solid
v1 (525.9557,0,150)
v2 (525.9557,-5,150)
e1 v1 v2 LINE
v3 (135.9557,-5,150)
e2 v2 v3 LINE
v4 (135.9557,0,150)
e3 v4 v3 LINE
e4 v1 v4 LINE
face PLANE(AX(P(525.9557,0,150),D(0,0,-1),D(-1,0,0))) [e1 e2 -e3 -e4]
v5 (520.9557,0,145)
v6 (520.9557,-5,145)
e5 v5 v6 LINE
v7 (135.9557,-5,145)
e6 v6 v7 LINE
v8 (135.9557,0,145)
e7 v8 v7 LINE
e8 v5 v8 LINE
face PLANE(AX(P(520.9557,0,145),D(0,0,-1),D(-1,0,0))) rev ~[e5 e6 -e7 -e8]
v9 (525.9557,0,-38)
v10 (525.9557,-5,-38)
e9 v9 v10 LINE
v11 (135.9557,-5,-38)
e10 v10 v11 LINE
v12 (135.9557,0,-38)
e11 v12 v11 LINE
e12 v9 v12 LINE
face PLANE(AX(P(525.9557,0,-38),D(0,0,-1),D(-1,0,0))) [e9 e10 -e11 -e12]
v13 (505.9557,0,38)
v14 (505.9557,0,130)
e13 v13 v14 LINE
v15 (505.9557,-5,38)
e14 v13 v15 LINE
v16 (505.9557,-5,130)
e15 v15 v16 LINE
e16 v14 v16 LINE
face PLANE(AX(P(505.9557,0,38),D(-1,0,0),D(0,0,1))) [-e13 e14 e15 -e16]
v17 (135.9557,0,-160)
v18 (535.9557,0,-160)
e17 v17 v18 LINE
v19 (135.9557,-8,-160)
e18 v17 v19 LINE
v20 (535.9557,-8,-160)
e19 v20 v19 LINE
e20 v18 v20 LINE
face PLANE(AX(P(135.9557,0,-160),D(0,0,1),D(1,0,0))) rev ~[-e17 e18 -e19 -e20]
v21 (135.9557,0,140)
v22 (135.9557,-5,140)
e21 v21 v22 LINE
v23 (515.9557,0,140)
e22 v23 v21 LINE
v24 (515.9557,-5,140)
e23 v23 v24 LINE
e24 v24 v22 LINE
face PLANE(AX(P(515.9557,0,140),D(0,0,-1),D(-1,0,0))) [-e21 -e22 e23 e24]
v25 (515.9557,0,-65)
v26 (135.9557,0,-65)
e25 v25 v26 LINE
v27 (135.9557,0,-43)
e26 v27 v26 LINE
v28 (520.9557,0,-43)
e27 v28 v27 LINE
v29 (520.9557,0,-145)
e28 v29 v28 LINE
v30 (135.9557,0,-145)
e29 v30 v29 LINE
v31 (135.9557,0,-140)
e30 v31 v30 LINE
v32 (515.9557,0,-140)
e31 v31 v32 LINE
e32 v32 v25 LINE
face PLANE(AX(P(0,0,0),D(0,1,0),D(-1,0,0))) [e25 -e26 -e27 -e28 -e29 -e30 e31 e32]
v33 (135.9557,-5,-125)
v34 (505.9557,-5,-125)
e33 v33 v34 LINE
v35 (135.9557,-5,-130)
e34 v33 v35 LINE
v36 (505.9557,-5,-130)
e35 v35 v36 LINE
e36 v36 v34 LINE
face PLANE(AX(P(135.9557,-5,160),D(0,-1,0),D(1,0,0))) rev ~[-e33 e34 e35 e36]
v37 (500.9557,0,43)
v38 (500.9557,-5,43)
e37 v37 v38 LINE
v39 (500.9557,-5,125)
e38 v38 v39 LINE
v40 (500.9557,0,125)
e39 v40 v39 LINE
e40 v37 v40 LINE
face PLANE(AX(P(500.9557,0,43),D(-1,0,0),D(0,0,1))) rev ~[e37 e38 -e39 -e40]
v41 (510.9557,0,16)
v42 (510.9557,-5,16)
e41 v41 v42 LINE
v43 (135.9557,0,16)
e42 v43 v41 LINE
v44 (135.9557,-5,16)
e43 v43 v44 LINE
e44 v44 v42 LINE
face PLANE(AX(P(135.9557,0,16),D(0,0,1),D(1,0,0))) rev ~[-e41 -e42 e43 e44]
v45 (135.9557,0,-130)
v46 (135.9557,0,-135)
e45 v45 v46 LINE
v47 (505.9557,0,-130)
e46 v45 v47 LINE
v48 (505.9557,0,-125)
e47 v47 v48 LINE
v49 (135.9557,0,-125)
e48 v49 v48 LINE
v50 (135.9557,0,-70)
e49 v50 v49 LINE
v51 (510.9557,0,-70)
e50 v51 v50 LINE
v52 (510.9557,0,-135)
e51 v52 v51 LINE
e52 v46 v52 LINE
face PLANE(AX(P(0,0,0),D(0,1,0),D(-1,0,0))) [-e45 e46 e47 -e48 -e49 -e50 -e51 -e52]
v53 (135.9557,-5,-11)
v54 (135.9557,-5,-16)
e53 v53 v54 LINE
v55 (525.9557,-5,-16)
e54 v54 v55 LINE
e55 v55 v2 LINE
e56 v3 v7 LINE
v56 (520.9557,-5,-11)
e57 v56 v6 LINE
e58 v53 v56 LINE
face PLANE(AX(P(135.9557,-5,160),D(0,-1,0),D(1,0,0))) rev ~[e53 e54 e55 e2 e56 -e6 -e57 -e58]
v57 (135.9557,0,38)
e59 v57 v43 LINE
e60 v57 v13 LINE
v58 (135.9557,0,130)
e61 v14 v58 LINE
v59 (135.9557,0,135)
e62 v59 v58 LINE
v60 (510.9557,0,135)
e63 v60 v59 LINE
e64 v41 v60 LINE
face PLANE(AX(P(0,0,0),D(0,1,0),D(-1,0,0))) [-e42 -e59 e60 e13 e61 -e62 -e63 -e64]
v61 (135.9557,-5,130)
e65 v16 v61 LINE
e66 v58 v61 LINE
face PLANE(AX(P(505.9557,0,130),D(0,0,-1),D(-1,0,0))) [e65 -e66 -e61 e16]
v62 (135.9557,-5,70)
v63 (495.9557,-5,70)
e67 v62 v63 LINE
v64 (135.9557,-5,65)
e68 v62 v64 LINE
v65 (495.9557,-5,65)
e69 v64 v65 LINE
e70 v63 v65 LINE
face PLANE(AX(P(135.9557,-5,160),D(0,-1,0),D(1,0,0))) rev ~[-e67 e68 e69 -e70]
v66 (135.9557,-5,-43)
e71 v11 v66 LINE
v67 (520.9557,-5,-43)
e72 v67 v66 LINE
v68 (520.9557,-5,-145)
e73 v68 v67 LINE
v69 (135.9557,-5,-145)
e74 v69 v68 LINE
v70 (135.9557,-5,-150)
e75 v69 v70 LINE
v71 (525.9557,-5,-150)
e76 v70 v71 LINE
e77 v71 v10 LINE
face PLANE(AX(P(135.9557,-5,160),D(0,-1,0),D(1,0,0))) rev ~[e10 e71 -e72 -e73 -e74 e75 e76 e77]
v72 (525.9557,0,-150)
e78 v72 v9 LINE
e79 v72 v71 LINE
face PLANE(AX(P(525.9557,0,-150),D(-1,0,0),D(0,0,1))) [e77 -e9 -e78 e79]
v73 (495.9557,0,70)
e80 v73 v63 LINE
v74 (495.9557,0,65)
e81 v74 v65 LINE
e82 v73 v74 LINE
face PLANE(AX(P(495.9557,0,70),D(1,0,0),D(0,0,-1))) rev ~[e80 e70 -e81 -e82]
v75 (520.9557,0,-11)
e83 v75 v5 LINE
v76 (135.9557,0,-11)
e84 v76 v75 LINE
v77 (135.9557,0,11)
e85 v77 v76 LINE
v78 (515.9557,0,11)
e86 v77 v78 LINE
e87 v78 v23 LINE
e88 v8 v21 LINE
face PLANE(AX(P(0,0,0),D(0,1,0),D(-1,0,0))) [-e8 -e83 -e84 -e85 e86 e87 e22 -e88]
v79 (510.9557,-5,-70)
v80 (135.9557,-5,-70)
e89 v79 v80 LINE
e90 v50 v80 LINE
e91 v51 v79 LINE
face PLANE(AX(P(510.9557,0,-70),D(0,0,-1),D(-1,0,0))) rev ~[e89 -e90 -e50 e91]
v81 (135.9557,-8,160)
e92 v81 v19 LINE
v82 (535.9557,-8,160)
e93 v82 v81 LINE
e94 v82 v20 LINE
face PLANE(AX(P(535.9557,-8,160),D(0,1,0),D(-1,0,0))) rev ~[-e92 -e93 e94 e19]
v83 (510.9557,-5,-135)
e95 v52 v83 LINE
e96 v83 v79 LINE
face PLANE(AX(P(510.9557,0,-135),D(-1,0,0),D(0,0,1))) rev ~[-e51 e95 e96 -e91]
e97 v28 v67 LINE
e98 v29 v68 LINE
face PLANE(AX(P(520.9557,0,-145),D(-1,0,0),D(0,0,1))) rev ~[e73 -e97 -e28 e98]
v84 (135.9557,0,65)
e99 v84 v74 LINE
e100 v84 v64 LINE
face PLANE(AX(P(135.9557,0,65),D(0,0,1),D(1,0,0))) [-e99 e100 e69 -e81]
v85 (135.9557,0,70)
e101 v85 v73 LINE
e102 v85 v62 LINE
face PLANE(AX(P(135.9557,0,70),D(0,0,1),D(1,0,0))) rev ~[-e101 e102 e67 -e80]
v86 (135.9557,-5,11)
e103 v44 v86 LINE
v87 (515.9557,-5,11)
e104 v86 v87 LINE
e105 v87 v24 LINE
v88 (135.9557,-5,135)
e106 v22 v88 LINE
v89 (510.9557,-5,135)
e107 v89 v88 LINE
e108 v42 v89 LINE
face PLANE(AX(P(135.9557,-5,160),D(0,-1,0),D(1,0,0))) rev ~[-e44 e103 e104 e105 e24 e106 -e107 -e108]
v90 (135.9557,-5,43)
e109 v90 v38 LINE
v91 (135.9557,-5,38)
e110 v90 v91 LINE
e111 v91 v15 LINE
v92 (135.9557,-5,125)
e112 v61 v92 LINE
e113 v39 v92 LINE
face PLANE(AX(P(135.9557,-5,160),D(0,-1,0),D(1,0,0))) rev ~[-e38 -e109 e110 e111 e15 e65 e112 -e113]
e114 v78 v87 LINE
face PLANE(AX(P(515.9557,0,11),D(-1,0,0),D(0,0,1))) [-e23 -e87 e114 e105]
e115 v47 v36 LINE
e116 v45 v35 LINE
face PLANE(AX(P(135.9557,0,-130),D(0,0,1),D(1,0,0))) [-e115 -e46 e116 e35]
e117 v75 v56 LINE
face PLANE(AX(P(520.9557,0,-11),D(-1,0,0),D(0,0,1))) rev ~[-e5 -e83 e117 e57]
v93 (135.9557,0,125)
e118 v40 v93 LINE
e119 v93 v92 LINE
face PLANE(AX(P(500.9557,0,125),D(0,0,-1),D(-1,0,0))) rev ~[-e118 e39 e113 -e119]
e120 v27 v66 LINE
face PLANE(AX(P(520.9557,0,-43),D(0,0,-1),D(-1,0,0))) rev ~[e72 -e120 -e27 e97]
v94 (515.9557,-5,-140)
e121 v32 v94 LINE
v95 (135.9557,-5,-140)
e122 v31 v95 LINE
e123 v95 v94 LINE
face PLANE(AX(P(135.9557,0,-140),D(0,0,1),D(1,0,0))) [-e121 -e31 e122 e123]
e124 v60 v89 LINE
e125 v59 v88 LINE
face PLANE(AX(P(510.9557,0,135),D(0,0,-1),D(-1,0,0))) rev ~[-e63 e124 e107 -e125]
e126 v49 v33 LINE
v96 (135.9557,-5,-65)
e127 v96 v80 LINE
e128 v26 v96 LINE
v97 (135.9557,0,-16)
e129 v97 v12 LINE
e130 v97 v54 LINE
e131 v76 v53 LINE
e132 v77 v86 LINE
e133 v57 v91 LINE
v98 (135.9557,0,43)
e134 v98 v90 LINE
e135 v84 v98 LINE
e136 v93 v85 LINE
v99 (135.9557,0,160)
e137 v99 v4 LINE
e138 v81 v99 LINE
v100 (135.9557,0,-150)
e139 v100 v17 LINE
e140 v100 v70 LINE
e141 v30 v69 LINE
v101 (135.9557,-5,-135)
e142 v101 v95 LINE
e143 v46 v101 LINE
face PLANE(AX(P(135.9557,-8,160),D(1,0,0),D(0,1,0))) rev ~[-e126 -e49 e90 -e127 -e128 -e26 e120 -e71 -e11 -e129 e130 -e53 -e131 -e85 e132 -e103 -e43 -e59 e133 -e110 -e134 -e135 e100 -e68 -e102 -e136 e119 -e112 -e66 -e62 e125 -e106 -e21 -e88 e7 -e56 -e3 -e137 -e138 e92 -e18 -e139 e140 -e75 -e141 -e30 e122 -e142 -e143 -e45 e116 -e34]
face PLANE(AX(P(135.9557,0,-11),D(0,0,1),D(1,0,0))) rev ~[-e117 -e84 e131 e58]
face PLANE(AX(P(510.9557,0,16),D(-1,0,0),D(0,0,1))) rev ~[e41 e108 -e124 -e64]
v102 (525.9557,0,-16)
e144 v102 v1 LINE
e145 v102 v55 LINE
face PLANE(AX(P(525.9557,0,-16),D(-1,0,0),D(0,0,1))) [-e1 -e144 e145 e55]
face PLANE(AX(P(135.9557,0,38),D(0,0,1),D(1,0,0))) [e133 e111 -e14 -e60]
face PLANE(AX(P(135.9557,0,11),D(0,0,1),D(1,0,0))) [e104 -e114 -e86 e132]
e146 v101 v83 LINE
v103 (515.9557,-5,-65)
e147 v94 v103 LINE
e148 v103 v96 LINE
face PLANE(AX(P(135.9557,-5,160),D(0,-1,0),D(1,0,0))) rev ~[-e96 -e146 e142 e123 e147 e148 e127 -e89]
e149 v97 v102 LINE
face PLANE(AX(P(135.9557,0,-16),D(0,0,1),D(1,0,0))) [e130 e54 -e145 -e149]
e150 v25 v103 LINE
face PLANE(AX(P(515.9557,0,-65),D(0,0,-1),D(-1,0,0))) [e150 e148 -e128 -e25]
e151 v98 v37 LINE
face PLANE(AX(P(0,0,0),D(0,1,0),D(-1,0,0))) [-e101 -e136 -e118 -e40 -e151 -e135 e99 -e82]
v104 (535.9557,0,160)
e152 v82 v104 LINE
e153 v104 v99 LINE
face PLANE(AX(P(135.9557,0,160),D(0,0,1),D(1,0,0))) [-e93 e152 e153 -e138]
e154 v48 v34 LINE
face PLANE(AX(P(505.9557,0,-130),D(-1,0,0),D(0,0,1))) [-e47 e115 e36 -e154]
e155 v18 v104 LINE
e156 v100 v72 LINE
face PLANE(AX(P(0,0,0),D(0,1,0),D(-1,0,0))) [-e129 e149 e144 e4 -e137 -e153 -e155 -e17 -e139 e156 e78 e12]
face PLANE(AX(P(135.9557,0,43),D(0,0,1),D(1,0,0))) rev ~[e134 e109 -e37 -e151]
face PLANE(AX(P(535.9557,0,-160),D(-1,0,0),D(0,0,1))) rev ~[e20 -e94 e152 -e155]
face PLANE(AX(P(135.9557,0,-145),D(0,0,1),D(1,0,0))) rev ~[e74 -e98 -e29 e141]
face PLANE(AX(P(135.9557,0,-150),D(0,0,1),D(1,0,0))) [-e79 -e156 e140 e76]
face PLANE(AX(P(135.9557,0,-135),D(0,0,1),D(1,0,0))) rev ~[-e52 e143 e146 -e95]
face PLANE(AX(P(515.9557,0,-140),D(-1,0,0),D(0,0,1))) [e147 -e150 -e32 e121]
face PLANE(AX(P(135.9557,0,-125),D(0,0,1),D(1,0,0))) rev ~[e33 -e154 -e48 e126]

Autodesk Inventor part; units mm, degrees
ref_plane "YZ Plane" through (0, 0, 0) normal (1, 0, 0) x (0, 1, 0)
ref_plane "XZ Plane" through (0, 0, 0) normal (0, 1, 0) x (-1, 0, 0)
ref_plane "XY Plane" through (0, 0, 0) normal (0, 0, 1) x (1, 0, 0)
sketch "Sketch1" plane through (0, 0, 0) normal (0, 1, 0) x (-1, 0, 0)
  line L0 (-135.9557, -16) -> (-525.9557, -16)
  line L1 (-525.9557, -16) -> (-525.9557, 150)
  line L2 (-135.9557, -11) -> (-520.9557, -11)
  line L3 (-520.9557, -11) -> (-520.9557, 145)
  line L4 (-510.9557, 16) -> (-510.9557, 135)
  line L5 (-515.9557, 11) -> (-515.9557, 140)
  line L6 (-500.9557, 43) -> (-500.9557, 125)
  line L7 (-505.9557, 38) -> (-505.9557, 130)
  line L8 (-495.9557, 70) -> (-495.9557, 65)
  line L9 (-535.9557, 160) -> (-135.9557, 160)
  line L10 (-135.9557, 160) -> (-135.9557, -160)
  line L11 (-135.9557, -160) -> (-535.9557, -160)
  line L12 (-535.9557, -160) -> (-535.9557, 160)
  line L13 (-525.9557, -150) -> (-525.9557, -38)
  line L14 (-520.9557, -145) -> (-520.9557, -43)
  line L15 (-510.9557, -135) -> (-510.9557, -70)
  line L16 (-515.9557, -140) -> (-515.9557, -65)
  line L17 (-505.9557, -130) -> (-505.9557, -125)
  line L18 (-525.9557, 150) -> (-135.9557, 150)
  line L19 (-520.9557, 145) -> (-135.9557, 145)
  line L20 (-515.9557, 140) -> (-135.9557, 140)
  line L21 (-505.9557, 130) -> (-135.9557, 130)
  line L22 (-500.9557, 125) -> (-135.9557, 125)
  line L23 (-510.9557, 135) -> (-135.9557, 135)
  line L24 (-135.9557, 70) -> (-495.9557, 70)
  line L25 (-135.9557, 65) -> (-495.9557, 65)
  line L26 (-135.9557, 43) -> (-500.9557, 43)
  line L27 (-135.9557, 38) -> (-505.9557, 38)
  line L28 (-135.9557, 16) -> (-510.9557, 16)
  line L29 (-135.9557, 11) -> (-515.9557, 11)
  line L30 (-525.9557, -38) -> (-135.9557, -38)
  line L31 (-520.9557, -43) -> (-135.9557, -43)
  line L32 (-515.9557, -65) -> (-135.9557, -65)
  line L33 (-510.9557, -70) -> (-135.9557, -70)
  line L34 (-135.9557, -125) -> (-505.9557, -125)
  line L35 (-135.9557, -130) -> (-505.9557, -130)
  line L36 (-135.9557, -135) -> (-510.9557, -135)
  line L37 (-135.9557, -140) -> (-515.9557, -140)
  line L38 (-135.9557, -145) -> (-520.9557, -145)
  line L39 (-135.9557, -150) -> (-525.9557, -150)
  dimension "d2" = 5
  dimension "d6" = 5
  dimension "d13" = 5
  dimension "d17" = 5
  dimension "d23" = 5
  dimension "d24" = 5
  dimension "d30" = 400
  dimension "d31" = 320
  dimension "d35" = 5
  dimension "d40" = 5
  dimension "d43" = 5
  dimension "d46" = 5
  dimension "d52" = 10
  dimension "d53" = 10
extrude "Extrusion1" add sketch "Sketch1" against normal blind 5 contours L10 L30 L13 L39 L11 L12 L9 L18 L1 L0 | L2 L3 L19 L10 L20 L5 L29 | L10 L32 L16 L37 L38 L14 L31 | L28 L4 L23 L10 L21 L7 L27 | L10 L34 L17 L35 L36 L15 L33 | L26 L6 L22 L10 L24 L8 L25
ref_plane "Work Plane2" through (135.9557, 0, 160) normal (0, 0, 1) x (1, 0, 0)
sketch "Sketch3" plane through (135.9557, 0, 160) normal (0, 0, 1) x (1, 0, 0)
  line L0 (0, 0) -> (0, -5) projected
  line L1 (0, -5) -> (400, -5)
  line L2 (400, -5) -> (400, -8)
  line L3 (400, -8) -> (0, -8)
  line L4 (0, -8) -> (0, -5)
  point P0 (-135.9557, 0)
  dimension "d62" = 3
extrude "Extrusion3" add sketch "Sketch3" against normal blind 320
equation "\"d2\" = d25"
equation "\"d6\" = d26"
equation "\"d13\" = d25"
equation "\"d17\" = d26"
equation "\"d23\" = d25"
equation "\"d24\" = d26"
equation "\"d35\" = d47"
equation "\"d40\" = d47"
equation "\"d43\" = d49"
equation "\"d46\" = d49"
equation "\"d3\" = d25"
equation "\"d4\" = d25"
equation "\"d5\" = d26"
equation "\"d7\" = d25"
equation "\"d8\" = d25"
equation "\"d9\" = d25"
equation "\"d10\" = d26"
equation "\"d12\" = d28"
equation "\"d14\" = d25"
equation "\"d15\" = d28"
equation "\"d16\" = d26"
equation "\"d18\" = d25"
equation "\"d19\" = d25"
equation "\"d20\" = d28"
equation "\"d21\" = d25"
equation "\"d22\" = d25"
equation "\"d25\" = 5"
equation "\"d26\" = 5"
equation "\"d28\" = -1.2 * d25 + 0.2 * d29"
equation "\"d34\" = d47"
equation "\"d36\" = d47"
equation "\"d37\" = d48"
equation "\"d38\" = d47"
equation "\"d39\" = d49"
equation "\"d41\" = d47"
equation "\"d42\" = d48"
equation "\"d44\" = d47"
equation "\"d45\" = d49"
equation "\"d47\" = 5"
equation "\"d48\" = -1.2 * d47 + 0.2 * d50"
equation "\"d49\" = 5"
equation "\"d29\" = 140"
equation "\"d50\" = 140"
properties part number "WIRE HOUSING"
